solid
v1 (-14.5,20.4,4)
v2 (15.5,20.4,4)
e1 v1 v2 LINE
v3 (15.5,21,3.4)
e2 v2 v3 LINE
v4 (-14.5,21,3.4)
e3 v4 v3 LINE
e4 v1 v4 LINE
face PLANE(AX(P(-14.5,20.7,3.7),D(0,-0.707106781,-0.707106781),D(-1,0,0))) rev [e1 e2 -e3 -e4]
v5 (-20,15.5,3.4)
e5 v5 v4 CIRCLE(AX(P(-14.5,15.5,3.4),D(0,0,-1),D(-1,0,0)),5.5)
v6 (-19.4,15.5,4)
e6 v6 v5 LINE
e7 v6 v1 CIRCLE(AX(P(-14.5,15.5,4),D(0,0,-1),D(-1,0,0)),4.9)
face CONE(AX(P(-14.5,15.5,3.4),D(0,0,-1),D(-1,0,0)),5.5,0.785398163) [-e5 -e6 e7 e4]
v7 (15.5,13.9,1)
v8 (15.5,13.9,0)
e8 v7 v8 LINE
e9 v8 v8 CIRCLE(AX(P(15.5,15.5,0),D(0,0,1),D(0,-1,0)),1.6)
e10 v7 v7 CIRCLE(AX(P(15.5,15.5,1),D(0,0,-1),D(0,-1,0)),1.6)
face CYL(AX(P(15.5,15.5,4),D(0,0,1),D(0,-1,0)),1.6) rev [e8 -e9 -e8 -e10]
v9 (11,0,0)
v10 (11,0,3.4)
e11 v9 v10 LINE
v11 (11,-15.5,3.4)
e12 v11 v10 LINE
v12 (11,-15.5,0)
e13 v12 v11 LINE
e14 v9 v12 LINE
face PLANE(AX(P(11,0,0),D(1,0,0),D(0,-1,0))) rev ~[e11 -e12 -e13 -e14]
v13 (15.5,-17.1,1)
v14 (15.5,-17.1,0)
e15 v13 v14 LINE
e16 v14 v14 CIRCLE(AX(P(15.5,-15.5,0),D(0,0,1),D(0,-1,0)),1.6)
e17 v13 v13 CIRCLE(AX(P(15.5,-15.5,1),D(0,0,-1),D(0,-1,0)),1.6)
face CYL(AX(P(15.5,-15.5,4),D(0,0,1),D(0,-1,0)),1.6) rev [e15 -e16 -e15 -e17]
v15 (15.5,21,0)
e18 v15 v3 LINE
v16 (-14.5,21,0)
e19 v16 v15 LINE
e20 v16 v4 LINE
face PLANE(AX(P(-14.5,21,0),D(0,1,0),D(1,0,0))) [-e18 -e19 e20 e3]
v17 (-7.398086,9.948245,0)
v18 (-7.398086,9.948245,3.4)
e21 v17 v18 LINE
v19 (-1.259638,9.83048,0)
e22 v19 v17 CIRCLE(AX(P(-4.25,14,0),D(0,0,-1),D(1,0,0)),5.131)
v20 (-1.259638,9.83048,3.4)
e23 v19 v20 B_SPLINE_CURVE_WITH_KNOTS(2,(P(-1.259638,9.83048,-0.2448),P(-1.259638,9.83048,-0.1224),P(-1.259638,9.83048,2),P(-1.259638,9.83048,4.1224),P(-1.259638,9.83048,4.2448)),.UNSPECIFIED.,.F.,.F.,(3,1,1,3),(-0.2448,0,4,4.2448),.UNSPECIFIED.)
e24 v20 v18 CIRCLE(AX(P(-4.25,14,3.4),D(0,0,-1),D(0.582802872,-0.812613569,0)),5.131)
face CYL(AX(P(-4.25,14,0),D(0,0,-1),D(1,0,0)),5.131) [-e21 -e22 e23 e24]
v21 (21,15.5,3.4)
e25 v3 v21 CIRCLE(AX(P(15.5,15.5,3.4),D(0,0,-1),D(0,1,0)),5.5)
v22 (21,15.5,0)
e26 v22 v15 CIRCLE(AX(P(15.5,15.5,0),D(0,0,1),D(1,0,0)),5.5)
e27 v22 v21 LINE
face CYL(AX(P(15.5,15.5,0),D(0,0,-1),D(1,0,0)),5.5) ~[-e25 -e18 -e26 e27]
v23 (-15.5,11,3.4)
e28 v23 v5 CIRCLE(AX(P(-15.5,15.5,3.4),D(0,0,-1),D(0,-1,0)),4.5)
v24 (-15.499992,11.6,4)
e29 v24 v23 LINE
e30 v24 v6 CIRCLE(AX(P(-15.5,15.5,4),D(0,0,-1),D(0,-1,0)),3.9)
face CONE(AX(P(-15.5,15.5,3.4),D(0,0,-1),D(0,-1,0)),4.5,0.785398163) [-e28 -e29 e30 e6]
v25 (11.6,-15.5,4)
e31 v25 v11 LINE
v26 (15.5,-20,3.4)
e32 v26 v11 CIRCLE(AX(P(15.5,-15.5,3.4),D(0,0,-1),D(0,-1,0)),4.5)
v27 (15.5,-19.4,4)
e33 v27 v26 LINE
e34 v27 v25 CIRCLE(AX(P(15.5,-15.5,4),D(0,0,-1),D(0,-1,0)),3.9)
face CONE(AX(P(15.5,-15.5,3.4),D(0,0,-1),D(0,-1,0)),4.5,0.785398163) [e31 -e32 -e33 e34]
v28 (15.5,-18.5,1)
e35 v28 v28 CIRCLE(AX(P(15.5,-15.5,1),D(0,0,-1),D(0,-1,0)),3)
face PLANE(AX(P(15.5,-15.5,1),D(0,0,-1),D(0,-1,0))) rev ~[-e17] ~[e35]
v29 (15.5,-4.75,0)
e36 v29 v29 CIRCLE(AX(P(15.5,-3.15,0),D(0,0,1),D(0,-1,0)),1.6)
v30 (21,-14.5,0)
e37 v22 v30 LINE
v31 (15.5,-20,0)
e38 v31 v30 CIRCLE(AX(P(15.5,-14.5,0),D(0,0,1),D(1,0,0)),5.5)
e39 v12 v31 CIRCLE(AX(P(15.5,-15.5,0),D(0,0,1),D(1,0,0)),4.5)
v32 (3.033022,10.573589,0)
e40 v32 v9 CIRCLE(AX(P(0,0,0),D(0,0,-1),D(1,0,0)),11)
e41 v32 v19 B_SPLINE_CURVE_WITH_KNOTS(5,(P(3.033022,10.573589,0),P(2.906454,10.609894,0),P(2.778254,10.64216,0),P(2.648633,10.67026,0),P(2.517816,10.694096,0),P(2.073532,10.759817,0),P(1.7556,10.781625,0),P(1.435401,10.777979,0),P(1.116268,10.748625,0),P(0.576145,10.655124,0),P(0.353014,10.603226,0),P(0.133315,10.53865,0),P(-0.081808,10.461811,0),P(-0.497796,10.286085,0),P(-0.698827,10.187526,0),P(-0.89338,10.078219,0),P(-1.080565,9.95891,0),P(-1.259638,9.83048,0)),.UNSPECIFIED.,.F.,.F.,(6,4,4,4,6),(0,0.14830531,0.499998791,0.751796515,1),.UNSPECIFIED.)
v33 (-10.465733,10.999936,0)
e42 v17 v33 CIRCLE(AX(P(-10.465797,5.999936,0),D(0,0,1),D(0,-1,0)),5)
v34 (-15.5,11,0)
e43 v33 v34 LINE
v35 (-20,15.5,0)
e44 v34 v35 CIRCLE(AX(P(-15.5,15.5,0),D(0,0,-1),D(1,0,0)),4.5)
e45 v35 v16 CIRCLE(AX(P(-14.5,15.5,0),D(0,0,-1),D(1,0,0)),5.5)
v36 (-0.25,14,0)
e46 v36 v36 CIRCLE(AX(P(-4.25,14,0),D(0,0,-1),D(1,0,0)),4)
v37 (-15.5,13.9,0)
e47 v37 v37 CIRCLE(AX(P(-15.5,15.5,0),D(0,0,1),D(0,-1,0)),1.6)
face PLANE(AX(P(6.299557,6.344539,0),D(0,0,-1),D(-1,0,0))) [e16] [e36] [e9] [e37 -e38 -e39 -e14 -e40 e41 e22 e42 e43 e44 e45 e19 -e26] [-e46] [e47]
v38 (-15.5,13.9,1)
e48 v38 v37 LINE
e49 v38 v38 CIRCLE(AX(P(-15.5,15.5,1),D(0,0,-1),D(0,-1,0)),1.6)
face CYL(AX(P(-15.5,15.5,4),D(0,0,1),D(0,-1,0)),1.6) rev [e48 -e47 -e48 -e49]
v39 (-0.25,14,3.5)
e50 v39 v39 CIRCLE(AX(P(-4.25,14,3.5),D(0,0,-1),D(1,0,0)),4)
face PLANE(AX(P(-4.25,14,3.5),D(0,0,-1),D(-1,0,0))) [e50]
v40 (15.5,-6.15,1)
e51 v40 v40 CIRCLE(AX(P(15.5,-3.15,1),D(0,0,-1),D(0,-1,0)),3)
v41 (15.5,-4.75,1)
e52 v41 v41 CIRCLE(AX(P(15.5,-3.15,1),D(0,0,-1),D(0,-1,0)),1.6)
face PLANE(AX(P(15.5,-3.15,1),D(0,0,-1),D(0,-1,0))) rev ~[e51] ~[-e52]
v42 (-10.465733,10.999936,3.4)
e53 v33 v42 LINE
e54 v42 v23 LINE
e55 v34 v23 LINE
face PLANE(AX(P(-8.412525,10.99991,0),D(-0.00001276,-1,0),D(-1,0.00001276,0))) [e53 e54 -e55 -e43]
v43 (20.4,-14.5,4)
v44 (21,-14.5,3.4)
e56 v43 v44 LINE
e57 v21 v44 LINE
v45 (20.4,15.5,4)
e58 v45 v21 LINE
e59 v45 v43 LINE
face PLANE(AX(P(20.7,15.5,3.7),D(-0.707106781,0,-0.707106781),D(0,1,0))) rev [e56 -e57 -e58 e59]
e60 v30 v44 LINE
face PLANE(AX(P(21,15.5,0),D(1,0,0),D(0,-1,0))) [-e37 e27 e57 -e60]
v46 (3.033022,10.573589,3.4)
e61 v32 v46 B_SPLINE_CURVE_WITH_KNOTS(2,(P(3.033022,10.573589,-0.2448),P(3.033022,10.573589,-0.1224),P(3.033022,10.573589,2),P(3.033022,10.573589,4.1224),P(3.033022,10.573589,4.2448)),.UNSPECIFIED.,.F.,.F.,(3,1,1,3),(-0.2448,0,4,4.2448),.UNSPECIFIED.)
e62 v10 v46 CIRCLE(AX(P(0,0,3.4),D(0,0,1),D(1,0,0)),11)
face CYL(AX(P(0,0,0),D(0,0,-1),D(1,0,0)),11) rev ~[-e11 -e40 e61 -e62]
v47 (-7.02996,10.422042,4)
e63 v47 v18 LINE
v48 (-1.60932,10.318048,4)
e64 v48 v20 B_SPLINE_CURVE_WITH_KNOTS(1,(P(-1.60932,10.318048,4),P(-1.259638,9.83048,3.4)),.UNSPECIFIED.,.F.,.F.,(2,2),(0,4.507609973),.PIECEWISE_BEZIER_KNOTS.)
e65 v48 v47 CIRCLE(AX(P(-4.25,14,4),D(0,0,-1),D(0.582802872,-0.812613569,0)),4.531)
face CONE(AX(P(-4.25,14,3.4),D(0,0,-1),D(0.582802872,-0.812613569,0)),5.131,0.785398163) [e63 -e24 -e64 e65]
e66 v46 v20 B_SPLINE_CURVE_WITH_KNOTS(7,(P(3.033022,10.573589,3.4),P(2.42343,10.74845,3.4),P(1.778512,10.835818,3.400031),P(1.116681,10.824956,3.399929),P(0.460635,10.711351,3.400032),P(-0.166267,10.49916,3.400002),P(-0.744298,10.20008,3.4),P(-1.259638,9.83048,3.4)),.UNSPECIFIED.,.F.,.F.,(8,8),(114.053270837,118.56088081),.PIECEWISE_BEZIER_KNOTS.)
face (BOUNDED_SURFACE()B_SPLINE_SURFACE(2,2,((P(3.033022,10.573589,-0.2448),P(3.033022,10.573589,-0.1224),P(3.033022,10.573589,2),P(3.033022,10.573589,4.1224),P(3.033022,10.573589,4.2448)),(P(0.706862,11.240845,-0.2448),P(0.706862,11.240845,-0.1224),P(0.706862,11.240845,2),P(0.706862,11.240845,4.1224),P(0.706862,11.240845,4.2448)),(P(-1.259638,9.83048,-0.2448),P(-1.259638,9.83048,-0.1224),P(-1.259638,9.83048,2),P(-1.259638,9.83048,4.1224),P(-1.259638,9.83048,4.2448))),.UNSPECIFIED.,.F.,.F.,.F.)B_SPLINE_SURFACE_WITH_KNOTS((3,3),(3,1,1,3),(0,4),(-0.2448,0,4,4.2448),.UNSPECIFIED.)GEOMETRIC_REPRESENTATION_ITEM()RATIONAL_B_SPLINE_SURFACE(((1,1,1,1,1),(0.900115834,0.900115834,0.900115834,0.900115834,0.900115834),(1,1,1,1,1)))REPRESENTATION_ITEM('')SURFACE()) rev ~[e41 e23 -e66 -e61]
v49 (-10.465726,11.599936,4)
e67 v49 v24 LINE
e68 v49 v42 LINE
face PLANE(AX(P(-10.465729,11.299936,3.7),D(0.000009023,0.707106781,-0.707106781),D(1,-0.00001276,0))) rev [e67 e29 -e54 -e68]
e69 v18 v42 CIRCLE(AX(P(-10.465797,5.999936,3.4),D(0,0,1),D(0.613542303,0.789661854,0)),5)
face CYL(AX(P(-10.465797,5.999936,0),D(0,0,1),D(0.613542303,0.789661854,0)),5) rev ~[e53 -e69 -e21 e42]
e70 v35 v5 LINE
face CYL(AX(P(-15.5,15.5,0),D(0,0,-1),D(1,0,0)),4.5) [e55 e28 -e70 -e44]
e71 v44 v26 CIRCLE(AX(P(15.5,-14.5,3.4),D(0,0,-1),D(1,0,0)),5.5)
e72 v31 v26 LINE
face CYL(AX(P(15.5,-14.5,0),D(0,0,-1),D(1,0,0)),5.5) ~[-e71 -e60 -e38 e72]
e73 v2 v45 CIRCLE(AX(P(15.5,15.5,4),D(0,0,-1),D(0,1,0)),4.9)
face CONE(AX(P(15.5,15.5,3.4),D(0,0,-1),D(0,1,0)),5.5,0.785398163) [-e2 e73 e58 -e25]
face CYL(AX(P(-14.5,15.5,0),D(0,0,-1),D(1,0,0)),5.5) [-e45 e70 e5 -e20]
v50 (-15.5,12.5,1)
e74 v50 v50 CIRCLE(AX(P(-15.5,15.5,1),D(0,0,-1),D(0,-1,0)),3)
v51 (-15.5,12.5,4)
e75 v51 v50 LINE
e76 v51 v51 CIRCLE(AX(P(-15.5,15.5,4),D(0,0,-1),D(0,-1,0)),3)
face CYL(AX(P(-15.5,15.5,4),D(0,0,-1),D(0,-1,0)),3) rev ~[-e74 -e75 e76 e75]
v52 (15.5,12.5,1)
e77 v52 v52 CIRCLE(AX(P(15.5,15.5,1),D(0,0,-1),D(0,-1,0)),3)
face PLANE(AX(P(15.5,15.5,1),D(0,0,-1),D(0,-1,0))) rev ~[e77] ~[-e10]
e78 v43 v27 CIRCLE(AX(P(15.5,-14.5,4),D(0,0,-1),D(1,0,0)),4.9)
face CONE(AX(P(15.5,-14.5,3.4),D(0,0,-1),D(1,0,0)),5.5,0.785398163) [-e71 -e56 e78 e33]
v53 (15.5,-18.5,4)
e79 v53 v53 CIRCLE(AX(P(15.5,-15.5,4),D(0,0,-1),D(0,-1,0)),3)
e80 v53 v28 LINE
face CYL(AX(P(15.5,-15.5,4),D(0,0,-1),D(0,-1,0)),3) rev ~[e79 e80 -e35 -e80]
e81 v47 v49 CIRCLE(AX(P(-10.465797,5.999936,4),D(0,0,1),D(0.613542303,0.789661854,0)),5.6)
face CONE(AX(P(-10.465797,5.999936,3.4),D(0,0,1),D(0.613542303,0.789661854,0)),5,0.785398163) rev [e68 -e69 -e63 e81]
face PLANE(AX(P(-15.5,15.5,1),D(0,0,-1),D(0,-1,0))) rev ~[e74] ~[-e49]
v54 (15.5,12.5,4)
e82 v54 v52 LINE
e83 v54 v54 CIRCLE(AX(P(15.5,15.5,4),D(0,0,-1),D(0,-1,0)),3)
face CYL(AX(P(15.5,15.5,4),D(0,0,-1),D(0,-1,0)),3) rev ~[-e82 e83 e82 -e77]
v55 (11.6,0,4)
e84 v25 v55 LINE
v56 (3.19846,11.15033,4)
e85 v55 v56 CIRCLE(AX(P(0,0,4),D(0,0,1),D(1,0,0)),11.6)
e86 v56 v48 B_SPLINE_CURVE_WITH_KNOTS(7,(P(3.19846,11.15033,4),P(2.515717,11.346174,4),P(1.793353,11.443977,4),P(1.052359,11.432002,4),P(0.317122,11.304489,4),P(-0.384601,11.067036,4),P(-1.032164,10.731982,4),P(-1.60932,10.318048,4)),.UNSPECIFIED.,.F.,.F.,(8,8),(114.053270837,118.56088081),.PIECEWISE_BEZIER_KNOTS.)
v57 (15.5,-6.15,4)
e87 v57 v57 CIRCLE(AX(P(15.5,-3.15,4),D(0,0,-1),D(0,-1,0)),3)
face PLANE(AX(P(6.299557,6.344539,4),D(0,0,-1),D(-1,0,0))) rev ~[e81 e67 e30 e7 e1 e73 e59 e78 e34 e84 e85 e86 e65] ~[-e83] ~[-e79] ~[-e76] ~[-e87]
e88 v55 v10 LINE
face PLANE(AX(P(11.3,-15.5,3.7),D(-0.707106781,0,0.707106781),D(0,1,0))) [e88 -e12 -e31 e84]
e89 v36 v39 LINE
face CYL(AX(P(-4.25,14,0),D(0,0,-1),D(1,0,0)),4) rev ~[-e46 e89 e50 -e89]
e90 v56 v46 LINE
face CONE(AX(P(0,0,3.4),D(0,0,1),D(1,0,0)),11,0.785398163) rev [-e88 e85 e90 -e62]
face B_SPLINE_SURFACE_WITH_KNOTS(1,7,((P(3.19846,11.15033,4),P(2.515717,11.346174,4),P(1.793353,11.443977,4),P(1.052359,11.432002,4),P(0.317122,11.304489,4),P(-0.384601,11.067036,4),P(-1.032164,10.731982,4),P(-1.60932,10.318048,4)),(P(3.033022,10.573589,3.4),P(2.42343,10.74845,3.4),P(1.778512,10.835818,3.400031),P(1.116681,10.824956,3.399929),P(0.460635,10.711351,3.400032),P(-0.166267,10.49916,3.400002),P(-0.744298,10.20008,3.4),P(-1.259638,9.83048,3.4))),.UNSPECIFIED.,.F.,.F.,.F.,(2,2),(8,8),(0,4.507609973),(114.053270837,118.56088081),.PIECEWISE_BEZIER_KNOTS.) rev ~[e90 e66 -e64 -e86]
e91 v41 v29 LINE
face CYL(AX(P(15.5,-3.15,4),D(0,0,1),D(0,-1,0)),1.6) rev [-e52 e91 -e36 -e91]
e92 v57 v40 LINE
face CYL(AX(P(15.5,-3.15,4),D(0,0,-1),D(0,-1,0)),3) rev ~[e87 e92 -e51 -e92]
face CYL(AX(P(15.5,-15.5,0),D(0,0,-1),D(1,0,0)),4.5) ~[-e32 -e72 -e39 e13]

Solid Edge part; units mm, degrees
sketch "Sketch1" plane through (0, 0, 0) normal (0, 0, 1) x (1, 0, 0)
  line L0 (21, 15.5) -> (21, -14.5)
  arc A0 (15.5, -20) -> (21, -14.5) centre (15.5, -14.5) ccw
  arc A1 (11, -15.5) -> (15.5, -20) centre (15.5, -15.5) ccw
  line L1 (11, 0) -> (11, -15.5)
  arc A2 (-0.0878, 10.9996) -> (11, 0) centre (0, 0) cw
  arc A3 (-0.0878, 10.9996) -> (-8.4124, 11) centre (-4.25, 14) cw
  line L2 (-8.4124, 11) -> (-15.5, 11)
  arc A4 (-15.5, 11) -> (-20, 15.5) centre (-15.5, 15.5) cw
  arc A5 (-20, 15.5) -> (-14.5, 21) centre (-14.5, 15.5) cw
  line L3 (-14.5, 21) -> (15.5, 21)
  arc A6 (21, 15.5) -> (15.5, 21) centre (15.5, 15.5) ccw
extrude "Protrusion1" add sketch "Sketch1" along normal blind 4
fillet "Redondeo_1" radius 5 2 edges at (-0.0878, 10.9996, 2) (-8.4124, 11, 2)
sketch "Sketch2" plane through (0.5, 0.5, 0) normal (0, 0, -1) x (1, 0, 0)
  circle A0 centre (-4.75, -13.5) radius 4
extrude "VaciadoExtruido_1" cut sketch "Sketch2" against normal blind 3.5
hole "Agujero_1" at (-15.5, 15.5, 4) direction (0, 0, -1) diameter 3.2 end through all counterbore diameter 6 counterbore depth 3
hole "Hole1" at (15.5, 15.5, 4) direction (0, 0, -1) diameter 3.2 end through all counterbore diameter 6 counterbore depth 3
hole "Hole2" at (15.5, -3.15, 4) direction (0, 0, -1) diameter 3.2 end through all counterbore diameter 6 counterbore depth 3
hole "Hole3" at (15.5, -15.5, 4) direction (0, 0, -1) diameter 3.2 end through all counterbore diameter 6 counterbore depth 3
chamfer "Chaflán_1" distance 0.6 angle 45 13 edges at (0.5, 21, 4) (19.3891, 19.3891, 4) (21, 0.5, 4) (19.3891, -18.3891, 4) (12.318, -18.682, 4) (11, -7.75, 4) (8.7852, 6.6197, 4) (0.8013, 10.6942, 4) (-4.3484, 8.8701, 4) (-8.8442, 10.7298, 4) (-12.9828, 11, 4) (-18.682, 12.318, 4) (-18.3891, 19.3891, 4)
